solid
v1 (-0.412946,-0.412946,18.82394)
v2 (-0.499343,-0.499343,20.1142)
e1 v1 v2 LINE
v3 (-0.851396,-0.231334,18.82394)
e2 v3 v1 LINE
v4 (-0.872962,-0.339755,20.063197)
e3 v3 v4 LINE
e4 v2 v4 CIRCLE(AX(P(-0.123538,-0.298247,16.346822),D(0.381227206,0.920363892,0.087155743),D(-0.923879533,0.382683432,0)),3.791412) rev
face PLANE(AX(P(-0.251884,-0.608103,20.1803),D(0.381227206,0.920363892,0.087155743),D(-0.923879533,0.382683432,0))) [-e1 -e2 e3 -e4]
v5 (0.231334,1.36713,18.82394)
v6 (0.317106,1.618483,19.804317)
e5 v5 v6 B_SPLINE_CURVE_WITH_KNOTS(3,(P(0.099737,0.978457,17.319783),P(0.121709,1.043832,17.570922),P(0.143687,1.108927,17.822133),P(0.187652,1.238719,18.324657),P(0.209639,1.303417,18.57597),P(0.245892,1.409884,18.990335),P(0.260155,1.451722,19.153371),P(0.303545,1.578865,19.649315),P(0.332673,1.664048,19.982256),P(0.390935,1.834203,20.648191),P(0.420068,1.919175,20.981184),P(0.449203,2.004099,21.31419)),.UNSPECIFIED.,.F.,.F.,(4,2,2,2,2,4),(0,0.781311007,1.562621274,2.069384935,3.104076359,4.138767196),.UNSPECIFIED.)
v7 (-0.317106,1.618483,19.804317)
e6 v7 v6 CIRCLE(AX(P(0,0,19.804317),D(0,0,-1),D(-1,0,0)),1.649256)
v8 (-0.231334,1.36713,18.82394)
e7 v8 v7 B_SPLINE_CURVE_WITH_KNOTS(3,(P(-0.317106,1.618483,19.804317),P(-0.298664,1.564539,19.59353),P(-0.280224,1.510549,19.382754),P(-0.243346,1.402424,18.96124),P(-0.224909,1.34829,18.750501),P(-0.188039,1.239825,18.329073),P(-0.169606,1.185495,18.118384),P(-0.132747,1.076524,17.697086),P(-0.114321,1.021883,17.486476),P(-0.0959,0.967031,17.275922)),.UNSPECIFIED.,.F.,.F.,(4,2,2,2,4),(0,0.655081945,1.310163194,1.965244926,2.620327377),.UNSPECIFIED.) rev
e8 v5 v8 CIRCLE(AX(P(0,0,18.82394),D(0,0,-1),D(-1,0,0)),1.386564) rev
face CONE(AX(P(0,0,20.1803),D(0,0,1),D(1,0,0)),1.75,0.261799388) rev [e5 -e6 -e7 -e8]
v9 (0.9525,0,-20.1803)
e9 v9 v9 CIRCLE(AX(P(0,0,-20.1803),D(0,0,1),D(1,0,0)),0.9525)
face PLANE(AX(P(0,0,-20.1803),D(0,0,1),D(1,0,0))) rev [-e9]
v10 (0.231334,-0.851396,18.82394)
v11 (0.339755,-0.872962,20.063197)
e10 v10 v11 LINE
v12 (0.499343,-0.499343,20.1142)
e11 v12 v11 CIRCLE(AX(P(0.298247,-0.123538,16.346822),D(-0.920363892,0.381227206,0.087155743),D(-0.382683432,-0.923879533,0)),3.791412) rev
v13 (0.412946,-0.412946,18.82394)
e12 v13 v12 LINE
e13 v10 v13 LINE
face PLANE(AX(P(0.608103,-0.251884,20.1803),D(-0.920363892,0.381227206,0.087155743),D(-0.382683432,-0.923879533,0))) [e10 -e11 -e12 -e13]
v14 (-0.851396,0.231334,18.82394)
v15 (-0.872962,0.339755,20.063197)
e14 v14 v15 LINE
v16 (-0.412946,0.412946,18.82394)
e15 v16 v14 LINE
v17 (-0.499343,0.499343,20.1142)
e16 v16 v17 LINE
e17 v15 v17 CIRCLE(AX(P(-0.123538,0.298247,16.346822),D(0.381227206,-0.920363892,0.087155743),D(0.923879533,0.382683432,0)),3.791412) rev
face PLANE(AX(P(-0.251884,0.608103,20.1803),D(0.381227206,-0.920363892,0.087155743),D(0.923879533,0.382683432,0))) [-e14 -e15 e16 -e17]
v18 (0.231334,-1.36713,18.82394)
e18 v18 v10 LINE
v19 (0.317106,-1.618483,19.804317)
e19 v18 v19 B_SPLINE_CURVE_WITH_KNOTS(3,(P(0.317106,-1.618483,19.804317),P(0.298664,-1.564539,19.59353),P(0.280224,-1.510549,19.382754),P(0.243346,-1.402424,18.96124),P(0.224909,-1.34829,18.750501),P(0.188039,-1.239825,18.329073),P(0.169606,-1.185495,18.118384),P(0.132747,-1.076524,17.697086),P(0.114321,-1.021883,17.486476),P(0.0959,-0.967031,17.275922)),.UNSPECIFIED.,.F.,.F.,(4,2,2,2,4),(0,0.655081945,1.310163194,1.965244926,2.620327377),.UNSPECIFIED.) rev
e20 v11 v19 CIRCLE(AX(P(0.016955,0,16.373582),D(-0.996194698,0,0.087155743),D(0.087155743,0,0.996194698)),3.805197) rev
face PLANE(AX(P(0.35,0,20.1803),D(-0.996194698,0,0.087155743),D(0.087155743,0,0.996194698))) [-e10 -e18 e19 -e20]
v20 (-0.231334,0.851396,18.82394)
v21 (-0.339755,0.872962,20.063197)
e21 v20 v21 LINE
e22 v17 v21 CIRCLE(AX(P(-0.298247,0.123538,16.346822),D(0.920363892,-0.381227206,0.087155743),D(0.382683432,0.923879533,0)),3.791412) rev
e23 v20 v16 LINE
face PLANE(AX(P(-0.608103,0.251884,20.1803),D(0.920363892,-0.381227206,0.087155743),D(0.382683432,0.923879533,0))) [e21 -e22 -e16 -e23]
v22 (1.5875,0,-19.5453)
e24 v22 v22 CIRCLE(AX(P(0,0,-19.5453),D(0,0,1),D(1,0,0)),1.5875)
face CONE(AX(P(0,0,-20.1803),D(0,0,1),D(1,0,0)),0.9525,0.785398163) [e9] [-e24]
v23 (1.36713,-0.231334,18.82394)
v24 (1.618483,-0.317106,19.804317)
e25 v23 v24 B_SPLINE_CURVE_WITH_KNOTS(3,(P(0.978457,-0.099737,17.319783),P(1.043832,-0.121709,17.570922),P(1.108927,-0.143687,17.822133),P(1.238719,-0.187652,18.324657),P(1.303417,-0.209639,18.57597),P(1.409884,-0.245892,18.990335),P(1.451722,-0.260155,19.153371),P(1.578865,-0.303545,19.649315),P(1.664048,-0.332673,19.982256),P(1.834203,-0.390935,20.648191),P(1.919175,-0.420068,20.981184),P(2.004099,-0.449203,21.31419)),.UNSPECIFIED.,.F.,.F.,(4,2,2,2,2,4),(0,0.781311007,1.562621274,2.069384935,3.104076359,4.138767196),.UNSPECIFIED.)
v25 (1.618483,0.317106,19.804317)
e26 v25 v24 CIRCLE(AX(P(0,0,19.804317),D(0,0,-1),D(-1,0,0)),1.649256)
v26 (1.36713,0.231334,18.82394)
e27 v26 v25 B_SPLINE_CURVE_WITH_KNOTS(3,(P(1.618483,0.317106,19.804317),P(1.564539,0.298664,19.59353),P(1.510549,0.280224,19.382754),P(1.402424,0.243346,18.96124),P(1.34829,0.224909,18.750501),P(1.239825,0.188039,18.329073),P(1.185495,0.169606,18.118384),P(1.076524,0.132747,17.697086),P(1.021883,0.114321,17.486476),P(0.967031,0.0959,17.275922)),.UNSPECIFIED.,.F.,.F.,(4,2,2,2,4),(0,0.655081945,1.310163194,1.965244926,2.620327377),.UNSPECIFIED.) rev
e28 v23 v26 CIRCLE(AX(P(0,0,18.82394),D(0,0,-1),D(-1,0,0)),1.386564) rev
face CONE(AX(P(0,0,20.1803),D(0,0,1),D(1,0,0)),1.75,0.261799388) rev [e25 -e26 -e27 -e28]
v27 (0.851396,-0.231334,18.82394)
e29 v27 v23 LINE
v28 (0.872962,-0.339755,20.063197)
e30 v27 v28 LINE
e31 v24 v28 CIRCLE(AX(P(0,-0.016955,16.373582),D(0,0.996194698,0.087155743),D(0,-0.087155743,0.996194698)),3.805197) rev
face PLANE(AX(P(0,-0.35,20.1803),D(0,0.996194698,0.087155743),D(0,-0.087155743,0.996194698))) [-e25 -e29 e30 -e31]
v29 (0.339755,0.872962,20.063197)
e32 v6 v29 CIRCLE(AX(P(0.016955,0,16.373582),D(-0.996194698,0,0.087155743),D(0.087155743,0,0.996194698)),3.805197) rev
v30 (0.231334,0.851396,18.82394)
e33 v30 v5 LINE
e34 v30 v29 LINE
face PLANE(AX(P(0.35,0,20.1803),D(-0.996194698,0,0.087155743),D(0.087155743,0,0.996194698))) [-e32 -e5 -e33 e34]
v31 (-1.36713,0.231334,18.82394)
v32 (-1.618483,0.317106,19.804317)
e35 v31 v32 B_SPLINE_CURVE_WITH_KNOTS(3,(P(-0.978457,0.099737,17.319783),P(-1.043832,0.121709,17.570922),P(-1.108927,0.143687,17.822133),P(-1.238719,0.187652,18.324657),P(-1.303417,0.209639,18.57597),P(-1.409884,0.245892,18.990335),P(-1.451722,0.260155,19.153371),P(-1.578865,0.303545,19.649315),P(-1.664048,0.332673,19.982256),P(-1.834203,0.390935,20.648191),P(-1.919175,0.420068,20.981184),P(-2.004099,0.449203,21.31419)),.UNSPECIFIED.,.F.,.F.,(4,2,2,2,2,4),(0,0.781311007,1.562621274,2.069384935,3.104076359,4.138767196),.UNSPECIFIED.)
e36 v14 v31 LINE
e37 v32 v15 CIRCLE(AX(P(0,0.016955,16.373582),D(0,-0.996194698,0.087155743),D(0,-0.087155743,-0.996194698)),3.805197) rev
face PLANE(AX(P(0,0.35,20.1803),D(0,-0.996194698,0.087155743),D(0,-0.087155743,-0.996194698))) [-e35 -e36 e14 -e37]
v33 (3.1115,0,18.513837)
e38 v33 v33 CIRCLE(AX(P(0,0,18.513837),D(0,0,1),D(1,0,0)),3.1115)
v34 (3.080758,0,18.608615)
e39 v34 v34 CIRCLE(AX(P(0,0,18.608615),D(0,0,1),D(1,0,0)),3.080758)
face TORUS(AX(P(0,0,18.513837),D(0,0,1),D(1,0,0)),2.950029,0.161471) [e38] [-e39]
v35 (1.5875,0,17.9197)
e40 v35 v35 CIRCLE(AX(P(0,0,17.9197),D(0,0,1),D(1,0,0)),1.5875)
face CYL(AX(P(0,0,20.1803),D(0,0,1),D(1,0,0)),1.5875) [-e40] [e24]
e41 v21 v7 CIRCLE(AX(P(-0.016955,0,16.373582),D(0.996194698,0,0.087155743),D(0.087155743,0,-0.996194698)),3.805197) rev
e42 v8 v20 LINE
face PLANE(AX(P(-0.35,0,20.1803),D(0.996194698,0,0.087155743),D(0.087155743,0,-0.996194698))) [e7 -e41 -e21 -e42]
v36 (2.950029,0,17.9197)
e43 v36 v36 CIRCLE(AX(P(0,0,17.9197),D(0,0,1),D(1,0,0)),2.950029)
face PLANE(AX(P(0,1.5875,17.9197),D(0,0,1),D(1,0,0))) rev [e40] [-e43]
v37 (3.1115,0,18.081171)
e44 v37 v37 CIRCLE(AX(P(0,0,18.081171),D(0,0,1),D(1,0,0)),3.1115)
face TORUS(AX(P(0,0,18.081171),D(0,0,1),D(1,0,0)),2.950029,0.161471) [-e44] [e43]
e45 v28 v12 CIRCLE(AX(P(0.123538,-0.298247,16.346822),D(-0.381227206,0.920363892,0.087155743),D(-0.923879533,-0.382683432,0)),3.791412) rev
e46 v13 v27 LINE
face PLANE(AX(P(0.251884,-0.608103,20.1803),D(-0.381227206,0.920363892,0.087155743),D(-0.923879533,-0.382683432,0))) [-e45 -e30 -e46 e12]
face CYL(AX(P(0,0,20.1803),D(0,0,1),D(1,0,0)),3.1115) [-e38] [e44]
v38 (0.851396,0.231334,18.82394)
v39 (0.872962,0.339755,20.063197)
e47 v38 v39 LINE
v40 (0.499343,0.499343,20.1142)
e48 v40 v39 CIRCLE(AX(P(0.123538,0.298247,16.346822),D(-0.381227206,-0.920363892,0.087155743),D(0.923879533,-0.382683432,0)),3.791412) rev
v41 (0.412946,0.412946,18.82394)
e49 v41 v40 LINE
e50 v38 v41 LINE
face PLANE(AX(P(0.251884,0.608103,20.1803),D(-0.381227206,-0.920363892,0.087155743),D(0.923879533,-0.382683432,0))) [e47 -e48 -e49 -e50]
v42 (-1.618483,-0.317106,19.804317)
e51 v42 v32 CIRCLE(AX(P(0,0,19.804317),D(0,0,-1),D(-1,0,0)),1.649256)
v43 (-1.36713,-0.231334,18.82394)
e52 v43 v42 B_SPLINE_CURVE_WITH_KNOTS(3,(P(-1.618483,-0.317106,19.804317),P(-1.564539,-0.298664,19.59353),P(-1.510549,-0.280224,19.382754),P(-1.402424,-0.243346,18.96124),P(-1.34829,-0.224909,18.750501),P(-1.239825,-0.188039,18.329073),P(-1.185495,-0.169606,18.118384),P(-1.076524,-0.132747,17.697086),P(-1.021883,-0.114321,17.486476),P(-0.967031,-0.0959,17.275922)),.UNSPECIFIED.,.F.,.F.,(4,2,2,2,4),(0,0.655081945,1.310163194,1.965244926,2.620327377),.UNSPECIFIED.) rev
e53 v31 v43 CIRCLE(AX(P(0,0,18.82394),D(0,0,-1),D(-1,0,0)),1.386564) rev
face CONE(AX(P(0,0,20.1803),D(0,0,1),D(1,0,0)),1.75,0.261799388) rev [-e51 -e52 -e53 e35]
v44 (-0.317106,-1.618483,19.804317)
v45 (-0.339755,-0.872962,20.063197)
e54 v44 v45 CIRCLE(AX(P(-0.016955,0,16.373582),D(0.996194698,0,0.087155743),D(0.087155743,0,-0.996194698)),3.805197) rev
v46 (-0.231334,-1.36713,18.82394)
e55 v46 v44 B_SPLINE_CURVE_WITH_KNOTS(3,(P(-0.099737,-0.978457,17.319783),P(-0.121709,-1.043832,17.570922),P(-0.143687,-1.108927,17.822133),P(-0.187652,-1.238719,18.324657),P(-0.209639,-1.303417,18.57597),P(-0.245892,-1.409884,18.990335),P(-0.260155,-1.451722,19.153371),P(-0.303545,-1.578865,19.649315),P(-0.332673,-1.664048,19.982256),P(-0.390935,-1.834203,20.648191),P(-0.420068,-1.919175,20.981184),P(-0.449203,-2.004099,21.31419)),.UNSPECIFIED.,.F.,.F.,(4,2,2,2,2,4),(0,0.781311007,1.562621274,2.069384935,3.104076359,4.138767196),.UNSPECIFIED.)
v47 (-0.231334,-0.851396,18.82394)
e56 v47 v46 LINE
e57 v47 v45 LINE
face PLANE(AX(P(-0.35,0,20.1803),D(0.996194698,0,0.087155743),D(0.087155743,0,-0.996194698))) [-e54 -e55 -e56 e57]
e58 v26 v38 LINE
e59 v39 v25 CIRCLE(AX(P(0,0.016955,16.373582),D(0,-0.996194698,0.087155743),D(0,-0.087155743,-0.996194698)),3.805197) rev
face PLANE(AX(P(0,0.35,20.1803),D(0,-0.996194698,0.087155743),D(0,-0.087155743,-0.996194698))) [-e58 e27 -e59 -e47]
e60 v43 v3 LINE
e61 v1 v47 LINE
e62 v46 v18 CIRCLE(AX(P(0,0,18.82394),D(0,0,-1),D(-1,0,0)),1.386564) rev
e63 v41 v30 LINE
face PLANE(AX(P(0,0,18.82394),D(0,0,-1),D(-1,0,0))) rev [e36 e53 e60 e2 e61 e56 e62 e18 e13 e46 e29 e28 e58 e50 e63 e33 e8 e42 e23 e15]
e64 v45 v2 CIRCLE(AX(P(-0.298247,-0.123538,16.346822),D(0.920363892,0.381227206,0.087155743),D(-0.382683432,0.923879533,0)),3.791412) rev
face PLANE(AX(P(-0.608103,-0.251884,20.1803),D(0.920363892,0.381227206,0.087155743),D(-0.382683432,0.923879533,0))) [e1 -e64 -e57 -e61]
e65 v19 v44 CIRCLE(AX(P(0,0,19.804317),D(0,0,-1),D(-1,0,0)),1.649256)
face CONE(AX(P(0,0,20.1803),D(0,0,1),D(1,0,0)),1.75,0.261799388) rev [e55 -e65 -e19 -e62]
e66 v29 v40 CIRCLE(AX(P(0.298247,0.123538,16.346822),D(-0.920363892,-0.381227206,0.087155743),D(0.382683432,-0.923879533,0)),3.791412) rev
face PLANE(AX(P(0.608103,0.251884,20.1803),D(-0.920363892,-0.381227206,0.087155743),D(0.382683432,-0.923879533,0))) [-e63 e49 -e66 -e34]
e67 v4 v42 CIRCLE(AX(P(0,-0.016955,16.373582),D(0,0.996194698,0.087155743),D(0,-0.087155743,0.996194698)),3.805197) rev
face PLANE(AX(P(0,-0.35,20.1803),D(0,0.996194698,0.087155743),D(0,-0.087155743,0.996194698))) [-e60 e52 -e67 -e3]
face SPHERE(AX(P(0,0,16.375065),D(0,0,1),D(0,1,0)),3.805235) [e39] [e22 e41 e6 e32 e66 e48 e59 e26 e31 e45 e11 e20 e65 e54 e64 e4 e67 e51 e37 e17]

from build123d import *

# Parameters (mm, degrees)
CUT_EXTRUDE1_DEPTH = 1.3563599999999998
DRAFT1_ANGLE       = 15.000000000000034
DRAFT2_ANGLE       = 5.000000000000011


with BuildPart() as part:
    # Sketch2 → Revolve1 (revolve)
    with BuildSketch(Plane(origin=(0, 0, 0), x_dir=(0, 0, -1), z_dir=(1, 0, 0))):
        with BuildLine():
            Line((20.1803, -1.04e-15), (20.1803, 0.9525000000000102))
            Line((20.1803, 0.9525000000000102), (19.5453, 1.5875000000000012))
            Line((19.5453, 1.5875000000000012), (-17.919699999999995, 1.5874999999999961))
            Line((-17.919699999999995, 1.5874999999999961), (-17.919699999999995, 2.9500285714285748))
            ThreePointArc((-17.919699999999995, 2.9500285714285748), (-17.96699388646069, 3.064206113539311), (-18.081171428571423, 3.1115000000000004))
            Line((-18.081171428571423, 3.1115000000000004), (-18.513836667869654, 3.1115000000000004))
            ThreePointArc((-18.513836667869654, 3.1115000000000004), (-18.56365651443409, 3.103622207798032), (-18.60861518645835, 3.0807575072424545))
            ThreePointArc((-18.60861518645835, 3.0807575072424545), (-19.76468125738231, 1.7292527267253457), (-20.1803, -1.04e-15))
            Line((-20.1803, -1.04e-15), (20.1803, -1.04e-15))
        make_face()
    revolve(axis=Axis((0, -1.04e-15, 20.1803), (0, 0, -1)))

    # Sketch3 → Cut-Extrude1 (cut)
    with BuildSketch(Plane.XY.offset(20.1803)):
        with BuildLine():
            Line((0.34999999999999976, 0.8750000000000079), (0.503768939877063, 0.5037689398770607))
            Line((0.503768939877063, 0.5037689398770607), (0.8750000000000099, 0.34999999999999704))
            Line((0.8750000000000099, 0.34999999999999704), (1.7146428199482453, 0.34999999999999704))
            ThreePointArc((1.7146428199482453, 0.34999999999999704), (1.7500000000000198, 3e-17), (1.7146428199482453, -0.34999999999999704))
            Line((1.7146428199482453, -0.34999999999999704), (0.8750000000000099, -0.34999999999999704))
            Line((0.8750000000000099, -0.34999999999999704), (0.503768939877063, -0.5037689398770607))
            Line((0.503768939877063, -0.5037689398770607), (0.34999999999999976, -0.8750000000000079))
            Line((0.34999999999999976, -0.8750000000000079), (0.3499999999999997, -1.7146428199482433))
            ThreePointArc((0.3499999999999997, -1.7146428199482433), (1.1e-16, -1.7500000000000182), (-0.3499999999999997, -1.7146428199482433))
            Line((-0.3499999999999997, -1.7146428199482433), (-0.34999999999999976, -0.8750000000000079))
            Line((-0.34999999999999976, -0.8750000000000079), (-0.503768939877063, -0.5037689398770607))
            Line((-0.503768939877063, -0.5037689398770607), (-0.8750000000000099, -0.34999999999999704))
            Line((-0.8750000000000099, -0.34999999999999704), (-1.7146428199482453, -0.34999999999999704))
            ThreePointArc((-1.7146428199482453, -0.34999999999999704), (-1.7500000000000198, 7.7e-16), (-1.7146428199482453, 0.34999999999999704))
            Line((-1.7146428199482453, 0.34999999999999704), (-0.8750000000000099, 0.34999999999999704))
            Line((-0.8750000000000099, 0.34999999999999704), (-0.503768939877063, 0.5037689398770607))
            Line((-0.503768939877063, 0.5037689398770607), (-0.34999999999999976, 0.8750000000000079))
            Line((-0.34999999999999976, 0.8750000000000079), (-0.3499999999999997, 1.7146428199482433))
            ThreePointArc((-0.3499999999999997, 1.7146428199482433), (1.1e-16, 1.7500000000000182), (0.3499999999999997, 1.7146428199482433))
            Line((0.3499999999999997, 1.7146428199482433), (0.34999999999999976, 0.8750000000000079))
        make_face()
    extrude(amount=-CUT_EXTRUDE1_DEPTH, mode=Mode.SUBTRACT)

    # Draft1
    draft1_faces = [part.faces().sort_by_distance(p)[0] for p in [
        (1.75000000000002, -1.2e-16, 19.288978259234977),
        (1.1e-16, 1.7500000000000182, 19.288978259234973),
        (-1.1e-16, -1.7500000000000182, 19.288978259234973),
        (-1.75000000000002, 1.2e-16, 19.288978259234977),
    ]]
    draft(draft1_faces, Plane.XY.offset(20.1803), DRAFT1_ANGLE)

    # Draft2
    draft2_faces = [part.faces().sort_by_distance(p)[0] for p in [
        (0.34999999999999976, 1.1737349239582924, 19.433218643964523),
        (1.1737349239582944, -0.34999999999999704, 19.433218643964523),
        (0.34999999999999976, -1.1737349239582895, 19.43321864396451),
        (-0.34999999999999976, -1.1737349239582928, 19.433218643964523),
        (-1.1737349235946184, -0.34999999999999704, 19.43321864202573),
        (-1.1737349239582946, 0.34999999999999704, 19.433218643964523),
        (-0.34999999999999976, 1.173734923958288, 19.4332186439645),
        (1.1737349239582153, 0.34999999999999704, 19.433218643964103),
        (0.6881338316552983, 0.4274025012770691, 19.457589851504),
        (0.4274025012770716, 0.6881338316552962, 19.457589851504004),
        (0.6881338316552983, -0.4274025012770691, 19.457589851504004),
        (0.4274025012770716, -0.6881338316552962, 19.457589851504),
        (-0.4274025012770716, -0.6881338316552962, 19.457589851504007),
        (-0.6881338316552983, -0.4274025012770691, 19.457589851504),
        (-0.6881338316552983, 0.4274025012770691, 19.457589851504004),
        (-0.4274025012770716, 0.6881338316552963, 19.457589851504),
    ]]
    draft(draft2_faces, Plane.XY.offset(20.1803), DRAFT2_ANGLE)


solid = part.part
